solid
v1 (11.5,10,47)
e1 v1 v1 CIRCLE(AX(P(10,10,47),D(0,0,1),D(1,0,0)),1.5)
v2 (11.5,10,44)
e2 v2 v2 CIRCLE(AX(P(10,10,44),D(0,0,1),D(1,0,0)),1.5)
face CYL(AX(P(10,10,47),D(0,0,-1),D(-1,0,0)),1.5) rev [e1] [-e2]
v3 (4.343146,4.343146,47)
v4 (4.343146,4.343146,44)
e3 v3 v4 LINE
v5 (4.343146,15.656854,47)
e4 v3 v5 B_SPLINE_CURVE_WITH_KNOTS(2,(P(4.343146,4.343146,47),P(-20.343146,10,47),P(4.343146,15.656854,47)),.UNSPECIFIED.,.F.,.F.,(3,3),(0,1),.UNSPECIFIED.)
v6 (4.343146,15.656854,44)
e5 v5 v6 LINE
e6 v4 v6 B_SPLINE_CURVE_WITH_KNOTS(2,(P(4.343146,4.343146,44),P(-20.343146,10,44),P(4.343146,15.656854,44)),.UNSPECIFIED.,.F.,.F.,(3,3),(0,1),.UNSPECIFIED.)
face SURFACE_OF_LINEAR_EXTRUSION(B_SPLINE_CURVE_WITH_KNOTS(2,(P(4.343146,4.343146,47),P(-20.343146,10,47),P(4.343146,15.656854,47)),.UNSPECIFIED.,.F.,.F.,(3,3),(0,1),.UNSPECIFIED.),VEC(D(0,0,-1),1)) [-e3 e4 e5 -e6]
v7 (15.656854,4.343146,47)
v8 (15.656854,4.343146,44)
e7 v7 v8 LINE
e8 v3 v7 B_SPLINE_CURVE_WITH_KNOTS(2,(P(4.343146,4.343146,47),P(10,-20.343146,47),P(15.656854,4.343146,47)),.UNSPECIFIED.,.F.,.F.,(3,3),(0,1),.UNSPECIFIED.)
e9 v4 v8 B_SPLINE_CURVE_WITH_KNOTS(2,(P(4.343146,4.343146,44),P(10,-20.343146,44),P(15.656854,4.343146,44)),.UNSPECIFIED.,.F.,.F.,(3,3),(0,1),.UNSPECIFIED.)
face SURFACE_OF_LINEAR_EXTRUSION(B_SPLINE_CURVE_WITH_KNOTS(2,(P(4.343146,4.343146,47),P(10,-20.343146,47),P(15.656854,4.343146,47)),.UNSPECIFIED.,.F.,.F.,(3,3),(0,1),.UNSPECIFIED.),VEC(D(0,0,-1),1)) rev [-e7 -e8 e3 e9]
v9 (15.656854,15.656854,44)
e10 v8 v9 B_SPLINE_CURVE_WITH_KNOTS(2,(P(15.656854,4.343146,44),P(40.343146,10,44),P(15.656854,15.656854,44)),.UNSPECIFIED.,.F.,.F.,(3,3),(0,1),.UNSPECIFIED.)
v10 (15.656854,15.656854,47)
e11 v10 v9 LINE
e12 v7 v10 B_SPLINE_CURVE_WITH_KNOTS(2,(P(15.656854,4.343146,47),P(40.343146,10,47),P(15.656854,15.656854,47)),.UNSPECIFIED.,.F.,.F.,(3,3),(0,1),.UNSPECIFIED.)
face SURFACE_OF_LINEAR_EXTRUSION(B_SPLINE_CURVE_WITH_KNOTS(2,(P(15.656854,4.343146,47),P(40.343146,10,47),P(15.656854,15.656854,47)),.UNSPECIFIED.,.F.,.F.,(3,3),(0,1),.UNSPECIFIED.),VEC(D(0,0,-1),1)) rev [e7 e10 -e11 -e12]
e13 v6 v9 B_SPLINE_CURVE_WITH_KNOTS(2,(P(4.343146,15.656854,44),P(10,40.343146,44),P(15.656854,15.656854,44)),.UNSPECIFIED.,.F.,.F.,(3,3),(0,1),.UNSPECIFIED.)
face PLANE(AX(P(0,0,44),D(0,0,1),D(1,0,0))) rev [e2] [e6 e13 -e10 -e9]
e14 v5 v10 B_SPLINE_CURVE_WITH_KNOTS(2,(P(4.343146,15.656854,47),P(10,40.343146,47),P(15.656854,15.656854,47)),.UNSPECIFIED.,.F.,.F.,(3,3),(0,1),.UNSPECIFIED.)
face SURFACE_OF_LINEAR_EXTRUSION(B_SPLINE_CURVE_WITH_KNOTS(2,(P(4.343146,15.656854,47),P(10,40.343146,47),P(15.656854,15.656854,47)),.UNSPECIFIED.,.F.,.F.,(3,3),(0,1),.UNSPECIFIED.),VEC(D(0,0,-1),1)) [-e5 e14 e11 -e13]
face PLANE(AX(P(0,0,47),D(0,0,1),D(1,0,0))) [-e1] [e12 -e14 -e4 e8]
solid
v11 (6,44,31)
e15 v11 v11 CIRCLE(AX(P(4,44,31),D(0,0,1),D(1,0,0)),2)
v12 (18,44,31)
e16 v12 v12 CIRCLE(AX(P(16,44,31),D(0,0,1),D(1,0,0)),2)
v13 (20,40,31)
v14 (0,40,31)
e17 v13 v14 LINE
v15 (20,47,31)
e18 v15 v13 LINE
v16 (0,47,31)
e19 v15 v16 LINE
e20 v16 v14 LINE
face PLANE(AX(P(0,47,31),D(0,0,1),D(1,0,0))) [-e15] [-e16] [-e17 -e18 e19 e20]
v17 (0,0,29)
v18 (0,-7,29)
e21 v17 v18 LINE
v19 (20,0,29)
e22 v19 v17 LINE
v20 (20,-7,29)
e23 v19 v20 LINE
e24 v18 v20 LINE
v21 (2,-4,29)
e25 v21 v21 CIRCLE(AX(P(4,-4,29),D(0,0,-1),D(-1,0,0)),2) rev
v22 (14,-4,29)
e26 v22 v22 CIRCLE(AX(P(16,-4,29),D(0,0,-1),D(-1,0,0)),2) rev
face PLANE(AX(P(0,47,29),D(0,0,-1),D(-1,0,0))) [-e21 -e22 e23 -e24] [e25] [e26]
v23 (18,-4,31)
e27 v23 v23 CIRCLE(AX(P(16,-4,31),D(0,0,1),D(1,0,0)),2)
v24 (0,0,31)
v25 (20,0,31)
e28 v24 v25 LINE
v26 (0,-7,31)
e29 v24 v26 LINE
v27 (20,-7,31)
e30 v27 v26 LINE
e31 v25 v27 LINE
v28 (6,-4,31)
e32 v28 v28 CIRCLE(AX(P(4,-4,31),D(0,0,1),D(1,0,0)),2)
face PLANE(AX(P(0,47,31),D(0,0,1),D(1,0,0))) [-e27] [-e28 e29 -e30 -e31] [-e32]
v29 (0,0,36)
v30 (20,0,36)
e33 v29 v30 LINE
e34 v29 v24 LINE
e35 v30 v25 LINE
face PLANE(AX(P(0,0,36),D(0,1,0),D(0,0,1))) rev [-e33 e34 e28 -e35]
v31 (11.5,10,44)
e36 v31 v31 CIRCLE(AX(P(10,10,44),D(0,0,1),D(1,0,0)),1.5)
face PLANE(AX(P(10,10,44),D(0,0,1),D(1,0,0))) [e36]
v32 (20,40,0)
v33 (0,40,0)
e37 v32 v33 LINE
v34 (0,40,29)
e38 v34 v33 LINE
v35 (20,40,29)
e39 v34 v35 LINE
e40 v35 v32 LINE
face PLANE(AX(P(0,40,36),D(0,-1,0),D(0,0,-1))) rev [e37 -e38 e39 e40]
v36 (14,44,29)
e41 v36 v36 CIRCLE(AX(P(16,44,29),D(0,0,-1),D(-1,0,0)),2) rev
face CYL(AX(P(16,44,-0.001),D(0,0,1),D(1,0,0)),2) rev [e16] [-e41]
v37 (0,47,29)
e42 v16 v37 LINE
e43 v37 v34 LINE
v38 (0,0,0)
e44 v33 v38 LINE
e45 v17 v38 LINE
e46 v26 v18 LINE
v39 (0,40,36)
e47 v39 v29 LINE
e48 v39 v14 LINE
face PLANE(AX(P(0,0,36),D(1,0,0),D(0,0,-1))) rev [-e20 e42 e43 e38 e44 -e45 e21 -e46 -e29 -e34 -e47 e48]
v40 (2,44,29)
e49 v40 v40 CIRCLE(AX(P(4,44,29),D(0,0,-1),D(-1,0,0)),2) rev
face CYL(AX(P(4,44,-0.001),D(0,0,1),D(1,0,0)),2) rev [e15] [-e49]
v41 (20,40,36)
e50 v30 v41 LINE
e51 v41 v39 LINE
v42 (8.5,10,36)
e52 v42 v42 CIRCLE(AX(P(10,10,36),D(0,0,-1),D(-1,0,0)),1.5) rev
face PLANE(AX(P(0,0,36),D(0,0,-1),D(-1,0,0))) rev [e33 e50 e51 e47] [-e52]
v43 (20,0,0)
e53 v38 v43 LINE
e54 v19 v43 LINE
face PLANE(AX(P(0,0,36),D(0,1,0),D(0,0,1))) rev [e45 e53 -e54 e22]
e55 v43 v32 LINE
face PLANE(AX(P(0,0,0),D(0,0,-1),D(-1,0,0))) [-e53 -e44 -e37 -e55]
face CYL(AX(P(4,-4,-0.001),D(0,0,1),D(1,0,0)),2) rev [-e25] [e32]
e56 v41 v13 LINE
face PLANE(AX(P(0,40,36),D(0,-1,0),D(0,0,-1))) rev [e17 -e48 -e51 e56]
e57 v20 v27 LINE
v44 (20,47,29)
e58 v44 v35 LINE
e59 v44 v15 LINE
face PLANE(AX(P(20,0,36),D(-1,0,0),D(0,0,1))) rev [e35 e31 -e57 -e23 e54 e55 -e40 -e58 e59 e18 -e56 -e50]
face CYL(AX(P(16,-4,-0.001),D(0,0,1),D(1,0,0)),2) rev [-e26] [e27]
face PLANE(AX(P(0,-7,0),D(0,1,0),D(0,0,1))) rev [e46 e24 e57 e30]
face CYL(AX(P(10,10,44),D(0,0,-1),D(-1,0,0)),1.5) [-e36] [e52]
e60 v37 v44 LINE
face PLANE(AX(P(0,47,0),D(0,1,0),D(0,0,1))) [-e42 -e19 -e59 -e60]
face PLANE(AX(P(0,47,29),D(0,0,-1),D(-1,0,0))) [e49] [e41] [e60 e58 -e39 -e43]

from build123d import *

# Parameters (mm, degrees)
SKETCH_1_W           = 20
SKETCH_1_H           = 40
EXTRUDE_1_DEPTH      = 36
EXTRUDE_2_DEPTH      = 7
EXTRUDE_2_DEPTH_BACK = 47
SKETCH_2_W           = 20
SKETCH_2_H           = 2
CUT_EXTRUDE_1_REACH  = 61.749
SKETCH_3_R           = 2
SKETCH_4_R           = 1.5
EXTRUDE_3_DEPTH      = 8
EXTRUDE_4_DEPTH      = 3


with BuildPart() as part:
    # 草图1 → 凸台-拉伸1 (new body)
    with BuildSketch(Plane.XY):
        with Locations((10, 20)):
            Rectangle(SKETCH_1_W, SKETCH_1_H)
    extrude(amount=EXTRUDE_1_DEPTH)

    # 草图2 → 凸台-拉伸2 (add, two sides: drawn at the far end of the back side and taken through both)
    with BuildSketch(Plane.XZ.offset(-EXTRUDE_2_DEPTH_BACK)):
        with Locations((10, 30)):
            Rectangle(SKETCH_2_W, SKETCH_2_H)
    extrude(amount=EXTRUDE_2_DEPTH + EXTRUDE_2_DEPTH_BACK)

    # 草图3 → 切除-拉伸1 (cut, up to next)
    with BuildSketch(Plane.XY.offset(31), mode=Mode.PRIVATE) as cut_extrude_1_sk1:
        with Locations((4, -4)):
            Circle(SKETCH_3_R)
    cut_extrude_1_tool1 = extrude(cut_extrude_1_sk1.sketch, amount=-CUT_EXTRUDE_1_REACH, mode=Mode.PRIVATE) & part.part
    # 草图3 → 切除-拉伸1 (cut, up to next)
    with BuildSketch(Plane.XY.offset(31), mode=Mode.PRIVATE) as cut_extrude_1_sk2:
        with Locations((16, -4)):
            Circle(SKETCH_3_R)
    cut_extrude_1_tool2 = extrude(cut_extrude_1_sk2.sketch, amount=-CUT_EXTRUDE_1_REACH, mode=Mode.PRIVATE) & part.part
    # 草图3 → 切除-拉伸1 (cut, up to next)
    with BuildSketch(Plane.XY.offset(31), mode=Mode.PRIVATE) as cut_extrude_1_sk3:
        with Locations((4, 44)):
            Circle(SKETCH_3_R)
    cut_extrude_1_tool3 = extrude(cut_extrude_1_sk3.sketch, amount=-CUT_EXTRUDE_1_REACH, mode=Mode.PRIVATE) & part.part
    # 草图3 → 切除-拉伸1 (cut, up to next)
    with BuildSketch(Plane.XY.offset(31), mode=Mode.PRIVATE) as cut_extrude_1_sk4:
        with Locations((16, 44)):
            Circle(SKETCH_3_R)
    cut_extrude_1_tool4 = extrude(cut_extrude_1_sk4.sketch, amount=-CUT_EXTRUDE_1_REACH, mode=Mode.PRIVATE) & part.part
    add(cut_extrude_1_tool1.solids().sort_by_distance((4, -4, 31))[0], mode=Mode.SUBTRACT)
    add(cut_extrude_1_tool2.solids().sort_by_distance((16, -4, 31))[0], mode=Mode.SUBTRACT)
    add(cut_extrude_1_tool3.solids().sort_by_distance((4, 44, 31))[0], mode=Mode.SUBTRACT)
    add(cut_extrude_1_tool4.solids().sort_by_distance((16, 44, 31))[0], mode=Mode.SUBTRACT)

    # 草图4 → 凸台-拉伸3 (add)
    with BuildSketch(Plane.XY.offset(36)):
        with Locations(Location((10, 10, 0), (0, 0, 180))):
            Circle(SKETCH_4_R)
    extrude(amount=EXTRUDE_3_DEPTH)


with BuildPart() as body_2:
    # 草图5 → 凸台-拉伸4 (new body)
    with BuildSketch(Plane.XY.offset(44)):
        with BuildLine():
            add(Edge.make_bspline(
                [(10, -8), (12.828427125, -8), (15.656854249, 4.343145751)],
                knots=[0.5, 0.5, 0.5, 1, 1, 1], degree=2))
            ThreePointArc((15.656854249, 4.343145751), (13.061467459, 2.60896374), (10, 2))
            Line((10, 2), (10, -8))
        make_face()
        with BuildLine():
            Line((10, -8), (10, 2))
            ThreePointArc((10, 2), (6.938532541, 2.60896374), (4.343145751, 4.343145751))
            add(Edge.make_bspline(
                [(4.343145751, 4.343145751), (7.171572875, -8), (10, -8)],
                knots=[0, 0, 0, 0.5, 0.5, 0.5], degree=2))
        make_face()
        with BuildLine():
            Line((18, 10), (11.5, 10))
            ThreePointArc((11.5, 10), (11.385819299, 9.425974851), (11.060660172, 8.939339828))
            Line((11.060660172, 8.939339828), (15.656854249, 4.343145751))
            ThreePointArc((15.656854249, 4.343145751), (17.39103626, 6.938532541), (18, 10))
        make_face()
        with BuildLine():
            add(Edge.make_bspline(
                [(28, 10), (28, 12.828427125), (15.656854249, 15.656854249)],
                knots=[0.5, 0.5, 0.5, 1, 1, 1], degree=2))
            ThreePointArc((15.656854249, 15.656854249), (17.39103626, 13.061467459), (18, 10))
            Line((18, 10), (28, 10))
        make_face()
        with BuildLine():
            Line((28, 10), (18, 10))
            ThreePointArc((18, 10), (17.39103626, 6.938532541), (15.656854249, 4.343145751))
            add(Edge.make_bspline(
                [(15.656854249, 4.343145751), (28, 7.171572875), (28, 10)],
                knots=[0, 0, 0, 0.5, 0.5, 0.5], degree=2))
        make_face()
        with BuildLine():
            Line((15.656854249, 15.656854249), (11.060660172, 11.060660172))
            ThreePointArc((11.060660172, 11.060660172), (11.385819299, 10.574025149), (11.5, 10))
            Line((11.5, 10), (18, 10))
            ThreePointArc((18, 10), (17.39103626, 13.061467459), (15.656854249, 15.656854249))
        make_face()
        with BuildLine():
            Line((10, 18), (10, 11.5))
            ThreePointArc((10, 11.5), (10.574025149, 11.385819299), (11.060660172, 11.060660172))
            Line((11.060660172, 11.060660172), (15.656854249, 15.656854249))
            ThreePointArc((15.656854249, 15.656854249), (13.061467459, 17.39103626), (10, 18))
        make_face()
        with BuildLine():
            add(Edge.make_bspline(
                [(4.343145751, 15.656854249), (7.171572875, 28), (10, 28)],
                knots=[0, 0, 0, 0.5, 0.5, 0.5], degree=2))
            ThreePointArc((4.343145751, 15.656854249), (6.938532541, 17.39103626), (10, 18))
            Line((10, 18), (10, 28))
        make_face()
        with BuildLine():
            Line((10, 28), (10, 18))
            ThreePointArc((10, 18), (13.061467459, 17.39103626), (15.656854249, 15.656854249))
            add(Edge.make_bspline(
                [(10, 28), (12.828427125, 28), (15.656854249, 15.656854249)],
                knots=[0.5, 0.5, 0.5, 1, 1, 1], degree=2))
        make_face()
        with BuildLine():
            Line((4.343145751, 15.656854249), (8.939339828, 11.060660172))
            ThreePointArc((8.939339828, 11.060660172), (9.425974851, 11.385819299), (10, 11.5))
            Line((10, 11.5), (10, 18))
            ThreePointArc((10, 18), (6.938532541, 17.39103626), (4.343145751, 15.656854249))
        make_face()
        with BuildLine():
            Line((2, 10), (8.5, 10))
            ThreePointArc((8.5, 10), (8.614180701, 10.574025149), (8.939339828, 11.060660172))
            Line((8.939339828, 11.060660172), (4.343145751, 15.656854249))
            ThreePointArc((4.343145751, 15.656854249), (2.60896374, 13.061467459), (2, 10))
        make_face()
        with BuildLine():
            ThreePointArc((4.343145751, 4.343145751), (2.60896374, 6.938532541), (2, 10))
            Line((2, 10), (-8, 10))
            add(Edge.make_bspline(
                [(4.343145751, 4.343145751), (-8, 7.171572875), (-8, 10)],
                knots=[0, 0, 0, 0.5, 0.5, 0.5], degree=2))
        make_face()
        with BuildLine():
            Line((-8, 10), (2, 10))
            ThreePointArc((2, 10), (2.60896374, 13.061467459), (4.343145751, 15.656854249))
            add(Edge.make_bspline(
                [(-8, 10), (-8, 12.828427125), (4.343145751, 15.656854249)],
                knots=[0.5, 0.5, 0.5, 1, 1, 1], degree=2))
        make_face()
        with BuildLine():
            ThreePointArc((8.939339828, 8.939339828), (8.614180701, 9.425974851), (8.5, 10))
            Line((8.5, 10), (2, 10))
            ThreePointArc((2, 10), (2.60896374, 6.938532541), (4.343145751, 4.343145751))
            Line((4.343145751, 4.343145751), (8.939339828, 8.939339828))
        make_face()
        with BuildLine():
            Line((10, 2), (10, 8.5))
            ThreePointArc((10, 8.5), (9.425974851, 8.614180701), (8.939339828, 8.939339828))
            Line((8.939339828, 8.939339828), (4.343145751, 4.343145751))
            ThreePointArc((4.343145751, 4.343145751), (6.938532541, 2.60896374), (10, 2))
        make_face()
        with BuildLine():
            Line((15.656854249, 4.343145751), (11.060660172, 8.939339828))
            ThreePointArc((11.060660172, 8.939339828), (10.574025149, 8.614180701), (10, 8.5))
            Line((10, 8.5), (10, 2))
            ThreePointArc((10, 2), (13.061467459, 2.60896374), (15.656854249, 4.343145751))
        make_face()
    extrude(amount=EXTRUDE_4_DEPTH)


solid = Compound([part.part, body_2.part])
